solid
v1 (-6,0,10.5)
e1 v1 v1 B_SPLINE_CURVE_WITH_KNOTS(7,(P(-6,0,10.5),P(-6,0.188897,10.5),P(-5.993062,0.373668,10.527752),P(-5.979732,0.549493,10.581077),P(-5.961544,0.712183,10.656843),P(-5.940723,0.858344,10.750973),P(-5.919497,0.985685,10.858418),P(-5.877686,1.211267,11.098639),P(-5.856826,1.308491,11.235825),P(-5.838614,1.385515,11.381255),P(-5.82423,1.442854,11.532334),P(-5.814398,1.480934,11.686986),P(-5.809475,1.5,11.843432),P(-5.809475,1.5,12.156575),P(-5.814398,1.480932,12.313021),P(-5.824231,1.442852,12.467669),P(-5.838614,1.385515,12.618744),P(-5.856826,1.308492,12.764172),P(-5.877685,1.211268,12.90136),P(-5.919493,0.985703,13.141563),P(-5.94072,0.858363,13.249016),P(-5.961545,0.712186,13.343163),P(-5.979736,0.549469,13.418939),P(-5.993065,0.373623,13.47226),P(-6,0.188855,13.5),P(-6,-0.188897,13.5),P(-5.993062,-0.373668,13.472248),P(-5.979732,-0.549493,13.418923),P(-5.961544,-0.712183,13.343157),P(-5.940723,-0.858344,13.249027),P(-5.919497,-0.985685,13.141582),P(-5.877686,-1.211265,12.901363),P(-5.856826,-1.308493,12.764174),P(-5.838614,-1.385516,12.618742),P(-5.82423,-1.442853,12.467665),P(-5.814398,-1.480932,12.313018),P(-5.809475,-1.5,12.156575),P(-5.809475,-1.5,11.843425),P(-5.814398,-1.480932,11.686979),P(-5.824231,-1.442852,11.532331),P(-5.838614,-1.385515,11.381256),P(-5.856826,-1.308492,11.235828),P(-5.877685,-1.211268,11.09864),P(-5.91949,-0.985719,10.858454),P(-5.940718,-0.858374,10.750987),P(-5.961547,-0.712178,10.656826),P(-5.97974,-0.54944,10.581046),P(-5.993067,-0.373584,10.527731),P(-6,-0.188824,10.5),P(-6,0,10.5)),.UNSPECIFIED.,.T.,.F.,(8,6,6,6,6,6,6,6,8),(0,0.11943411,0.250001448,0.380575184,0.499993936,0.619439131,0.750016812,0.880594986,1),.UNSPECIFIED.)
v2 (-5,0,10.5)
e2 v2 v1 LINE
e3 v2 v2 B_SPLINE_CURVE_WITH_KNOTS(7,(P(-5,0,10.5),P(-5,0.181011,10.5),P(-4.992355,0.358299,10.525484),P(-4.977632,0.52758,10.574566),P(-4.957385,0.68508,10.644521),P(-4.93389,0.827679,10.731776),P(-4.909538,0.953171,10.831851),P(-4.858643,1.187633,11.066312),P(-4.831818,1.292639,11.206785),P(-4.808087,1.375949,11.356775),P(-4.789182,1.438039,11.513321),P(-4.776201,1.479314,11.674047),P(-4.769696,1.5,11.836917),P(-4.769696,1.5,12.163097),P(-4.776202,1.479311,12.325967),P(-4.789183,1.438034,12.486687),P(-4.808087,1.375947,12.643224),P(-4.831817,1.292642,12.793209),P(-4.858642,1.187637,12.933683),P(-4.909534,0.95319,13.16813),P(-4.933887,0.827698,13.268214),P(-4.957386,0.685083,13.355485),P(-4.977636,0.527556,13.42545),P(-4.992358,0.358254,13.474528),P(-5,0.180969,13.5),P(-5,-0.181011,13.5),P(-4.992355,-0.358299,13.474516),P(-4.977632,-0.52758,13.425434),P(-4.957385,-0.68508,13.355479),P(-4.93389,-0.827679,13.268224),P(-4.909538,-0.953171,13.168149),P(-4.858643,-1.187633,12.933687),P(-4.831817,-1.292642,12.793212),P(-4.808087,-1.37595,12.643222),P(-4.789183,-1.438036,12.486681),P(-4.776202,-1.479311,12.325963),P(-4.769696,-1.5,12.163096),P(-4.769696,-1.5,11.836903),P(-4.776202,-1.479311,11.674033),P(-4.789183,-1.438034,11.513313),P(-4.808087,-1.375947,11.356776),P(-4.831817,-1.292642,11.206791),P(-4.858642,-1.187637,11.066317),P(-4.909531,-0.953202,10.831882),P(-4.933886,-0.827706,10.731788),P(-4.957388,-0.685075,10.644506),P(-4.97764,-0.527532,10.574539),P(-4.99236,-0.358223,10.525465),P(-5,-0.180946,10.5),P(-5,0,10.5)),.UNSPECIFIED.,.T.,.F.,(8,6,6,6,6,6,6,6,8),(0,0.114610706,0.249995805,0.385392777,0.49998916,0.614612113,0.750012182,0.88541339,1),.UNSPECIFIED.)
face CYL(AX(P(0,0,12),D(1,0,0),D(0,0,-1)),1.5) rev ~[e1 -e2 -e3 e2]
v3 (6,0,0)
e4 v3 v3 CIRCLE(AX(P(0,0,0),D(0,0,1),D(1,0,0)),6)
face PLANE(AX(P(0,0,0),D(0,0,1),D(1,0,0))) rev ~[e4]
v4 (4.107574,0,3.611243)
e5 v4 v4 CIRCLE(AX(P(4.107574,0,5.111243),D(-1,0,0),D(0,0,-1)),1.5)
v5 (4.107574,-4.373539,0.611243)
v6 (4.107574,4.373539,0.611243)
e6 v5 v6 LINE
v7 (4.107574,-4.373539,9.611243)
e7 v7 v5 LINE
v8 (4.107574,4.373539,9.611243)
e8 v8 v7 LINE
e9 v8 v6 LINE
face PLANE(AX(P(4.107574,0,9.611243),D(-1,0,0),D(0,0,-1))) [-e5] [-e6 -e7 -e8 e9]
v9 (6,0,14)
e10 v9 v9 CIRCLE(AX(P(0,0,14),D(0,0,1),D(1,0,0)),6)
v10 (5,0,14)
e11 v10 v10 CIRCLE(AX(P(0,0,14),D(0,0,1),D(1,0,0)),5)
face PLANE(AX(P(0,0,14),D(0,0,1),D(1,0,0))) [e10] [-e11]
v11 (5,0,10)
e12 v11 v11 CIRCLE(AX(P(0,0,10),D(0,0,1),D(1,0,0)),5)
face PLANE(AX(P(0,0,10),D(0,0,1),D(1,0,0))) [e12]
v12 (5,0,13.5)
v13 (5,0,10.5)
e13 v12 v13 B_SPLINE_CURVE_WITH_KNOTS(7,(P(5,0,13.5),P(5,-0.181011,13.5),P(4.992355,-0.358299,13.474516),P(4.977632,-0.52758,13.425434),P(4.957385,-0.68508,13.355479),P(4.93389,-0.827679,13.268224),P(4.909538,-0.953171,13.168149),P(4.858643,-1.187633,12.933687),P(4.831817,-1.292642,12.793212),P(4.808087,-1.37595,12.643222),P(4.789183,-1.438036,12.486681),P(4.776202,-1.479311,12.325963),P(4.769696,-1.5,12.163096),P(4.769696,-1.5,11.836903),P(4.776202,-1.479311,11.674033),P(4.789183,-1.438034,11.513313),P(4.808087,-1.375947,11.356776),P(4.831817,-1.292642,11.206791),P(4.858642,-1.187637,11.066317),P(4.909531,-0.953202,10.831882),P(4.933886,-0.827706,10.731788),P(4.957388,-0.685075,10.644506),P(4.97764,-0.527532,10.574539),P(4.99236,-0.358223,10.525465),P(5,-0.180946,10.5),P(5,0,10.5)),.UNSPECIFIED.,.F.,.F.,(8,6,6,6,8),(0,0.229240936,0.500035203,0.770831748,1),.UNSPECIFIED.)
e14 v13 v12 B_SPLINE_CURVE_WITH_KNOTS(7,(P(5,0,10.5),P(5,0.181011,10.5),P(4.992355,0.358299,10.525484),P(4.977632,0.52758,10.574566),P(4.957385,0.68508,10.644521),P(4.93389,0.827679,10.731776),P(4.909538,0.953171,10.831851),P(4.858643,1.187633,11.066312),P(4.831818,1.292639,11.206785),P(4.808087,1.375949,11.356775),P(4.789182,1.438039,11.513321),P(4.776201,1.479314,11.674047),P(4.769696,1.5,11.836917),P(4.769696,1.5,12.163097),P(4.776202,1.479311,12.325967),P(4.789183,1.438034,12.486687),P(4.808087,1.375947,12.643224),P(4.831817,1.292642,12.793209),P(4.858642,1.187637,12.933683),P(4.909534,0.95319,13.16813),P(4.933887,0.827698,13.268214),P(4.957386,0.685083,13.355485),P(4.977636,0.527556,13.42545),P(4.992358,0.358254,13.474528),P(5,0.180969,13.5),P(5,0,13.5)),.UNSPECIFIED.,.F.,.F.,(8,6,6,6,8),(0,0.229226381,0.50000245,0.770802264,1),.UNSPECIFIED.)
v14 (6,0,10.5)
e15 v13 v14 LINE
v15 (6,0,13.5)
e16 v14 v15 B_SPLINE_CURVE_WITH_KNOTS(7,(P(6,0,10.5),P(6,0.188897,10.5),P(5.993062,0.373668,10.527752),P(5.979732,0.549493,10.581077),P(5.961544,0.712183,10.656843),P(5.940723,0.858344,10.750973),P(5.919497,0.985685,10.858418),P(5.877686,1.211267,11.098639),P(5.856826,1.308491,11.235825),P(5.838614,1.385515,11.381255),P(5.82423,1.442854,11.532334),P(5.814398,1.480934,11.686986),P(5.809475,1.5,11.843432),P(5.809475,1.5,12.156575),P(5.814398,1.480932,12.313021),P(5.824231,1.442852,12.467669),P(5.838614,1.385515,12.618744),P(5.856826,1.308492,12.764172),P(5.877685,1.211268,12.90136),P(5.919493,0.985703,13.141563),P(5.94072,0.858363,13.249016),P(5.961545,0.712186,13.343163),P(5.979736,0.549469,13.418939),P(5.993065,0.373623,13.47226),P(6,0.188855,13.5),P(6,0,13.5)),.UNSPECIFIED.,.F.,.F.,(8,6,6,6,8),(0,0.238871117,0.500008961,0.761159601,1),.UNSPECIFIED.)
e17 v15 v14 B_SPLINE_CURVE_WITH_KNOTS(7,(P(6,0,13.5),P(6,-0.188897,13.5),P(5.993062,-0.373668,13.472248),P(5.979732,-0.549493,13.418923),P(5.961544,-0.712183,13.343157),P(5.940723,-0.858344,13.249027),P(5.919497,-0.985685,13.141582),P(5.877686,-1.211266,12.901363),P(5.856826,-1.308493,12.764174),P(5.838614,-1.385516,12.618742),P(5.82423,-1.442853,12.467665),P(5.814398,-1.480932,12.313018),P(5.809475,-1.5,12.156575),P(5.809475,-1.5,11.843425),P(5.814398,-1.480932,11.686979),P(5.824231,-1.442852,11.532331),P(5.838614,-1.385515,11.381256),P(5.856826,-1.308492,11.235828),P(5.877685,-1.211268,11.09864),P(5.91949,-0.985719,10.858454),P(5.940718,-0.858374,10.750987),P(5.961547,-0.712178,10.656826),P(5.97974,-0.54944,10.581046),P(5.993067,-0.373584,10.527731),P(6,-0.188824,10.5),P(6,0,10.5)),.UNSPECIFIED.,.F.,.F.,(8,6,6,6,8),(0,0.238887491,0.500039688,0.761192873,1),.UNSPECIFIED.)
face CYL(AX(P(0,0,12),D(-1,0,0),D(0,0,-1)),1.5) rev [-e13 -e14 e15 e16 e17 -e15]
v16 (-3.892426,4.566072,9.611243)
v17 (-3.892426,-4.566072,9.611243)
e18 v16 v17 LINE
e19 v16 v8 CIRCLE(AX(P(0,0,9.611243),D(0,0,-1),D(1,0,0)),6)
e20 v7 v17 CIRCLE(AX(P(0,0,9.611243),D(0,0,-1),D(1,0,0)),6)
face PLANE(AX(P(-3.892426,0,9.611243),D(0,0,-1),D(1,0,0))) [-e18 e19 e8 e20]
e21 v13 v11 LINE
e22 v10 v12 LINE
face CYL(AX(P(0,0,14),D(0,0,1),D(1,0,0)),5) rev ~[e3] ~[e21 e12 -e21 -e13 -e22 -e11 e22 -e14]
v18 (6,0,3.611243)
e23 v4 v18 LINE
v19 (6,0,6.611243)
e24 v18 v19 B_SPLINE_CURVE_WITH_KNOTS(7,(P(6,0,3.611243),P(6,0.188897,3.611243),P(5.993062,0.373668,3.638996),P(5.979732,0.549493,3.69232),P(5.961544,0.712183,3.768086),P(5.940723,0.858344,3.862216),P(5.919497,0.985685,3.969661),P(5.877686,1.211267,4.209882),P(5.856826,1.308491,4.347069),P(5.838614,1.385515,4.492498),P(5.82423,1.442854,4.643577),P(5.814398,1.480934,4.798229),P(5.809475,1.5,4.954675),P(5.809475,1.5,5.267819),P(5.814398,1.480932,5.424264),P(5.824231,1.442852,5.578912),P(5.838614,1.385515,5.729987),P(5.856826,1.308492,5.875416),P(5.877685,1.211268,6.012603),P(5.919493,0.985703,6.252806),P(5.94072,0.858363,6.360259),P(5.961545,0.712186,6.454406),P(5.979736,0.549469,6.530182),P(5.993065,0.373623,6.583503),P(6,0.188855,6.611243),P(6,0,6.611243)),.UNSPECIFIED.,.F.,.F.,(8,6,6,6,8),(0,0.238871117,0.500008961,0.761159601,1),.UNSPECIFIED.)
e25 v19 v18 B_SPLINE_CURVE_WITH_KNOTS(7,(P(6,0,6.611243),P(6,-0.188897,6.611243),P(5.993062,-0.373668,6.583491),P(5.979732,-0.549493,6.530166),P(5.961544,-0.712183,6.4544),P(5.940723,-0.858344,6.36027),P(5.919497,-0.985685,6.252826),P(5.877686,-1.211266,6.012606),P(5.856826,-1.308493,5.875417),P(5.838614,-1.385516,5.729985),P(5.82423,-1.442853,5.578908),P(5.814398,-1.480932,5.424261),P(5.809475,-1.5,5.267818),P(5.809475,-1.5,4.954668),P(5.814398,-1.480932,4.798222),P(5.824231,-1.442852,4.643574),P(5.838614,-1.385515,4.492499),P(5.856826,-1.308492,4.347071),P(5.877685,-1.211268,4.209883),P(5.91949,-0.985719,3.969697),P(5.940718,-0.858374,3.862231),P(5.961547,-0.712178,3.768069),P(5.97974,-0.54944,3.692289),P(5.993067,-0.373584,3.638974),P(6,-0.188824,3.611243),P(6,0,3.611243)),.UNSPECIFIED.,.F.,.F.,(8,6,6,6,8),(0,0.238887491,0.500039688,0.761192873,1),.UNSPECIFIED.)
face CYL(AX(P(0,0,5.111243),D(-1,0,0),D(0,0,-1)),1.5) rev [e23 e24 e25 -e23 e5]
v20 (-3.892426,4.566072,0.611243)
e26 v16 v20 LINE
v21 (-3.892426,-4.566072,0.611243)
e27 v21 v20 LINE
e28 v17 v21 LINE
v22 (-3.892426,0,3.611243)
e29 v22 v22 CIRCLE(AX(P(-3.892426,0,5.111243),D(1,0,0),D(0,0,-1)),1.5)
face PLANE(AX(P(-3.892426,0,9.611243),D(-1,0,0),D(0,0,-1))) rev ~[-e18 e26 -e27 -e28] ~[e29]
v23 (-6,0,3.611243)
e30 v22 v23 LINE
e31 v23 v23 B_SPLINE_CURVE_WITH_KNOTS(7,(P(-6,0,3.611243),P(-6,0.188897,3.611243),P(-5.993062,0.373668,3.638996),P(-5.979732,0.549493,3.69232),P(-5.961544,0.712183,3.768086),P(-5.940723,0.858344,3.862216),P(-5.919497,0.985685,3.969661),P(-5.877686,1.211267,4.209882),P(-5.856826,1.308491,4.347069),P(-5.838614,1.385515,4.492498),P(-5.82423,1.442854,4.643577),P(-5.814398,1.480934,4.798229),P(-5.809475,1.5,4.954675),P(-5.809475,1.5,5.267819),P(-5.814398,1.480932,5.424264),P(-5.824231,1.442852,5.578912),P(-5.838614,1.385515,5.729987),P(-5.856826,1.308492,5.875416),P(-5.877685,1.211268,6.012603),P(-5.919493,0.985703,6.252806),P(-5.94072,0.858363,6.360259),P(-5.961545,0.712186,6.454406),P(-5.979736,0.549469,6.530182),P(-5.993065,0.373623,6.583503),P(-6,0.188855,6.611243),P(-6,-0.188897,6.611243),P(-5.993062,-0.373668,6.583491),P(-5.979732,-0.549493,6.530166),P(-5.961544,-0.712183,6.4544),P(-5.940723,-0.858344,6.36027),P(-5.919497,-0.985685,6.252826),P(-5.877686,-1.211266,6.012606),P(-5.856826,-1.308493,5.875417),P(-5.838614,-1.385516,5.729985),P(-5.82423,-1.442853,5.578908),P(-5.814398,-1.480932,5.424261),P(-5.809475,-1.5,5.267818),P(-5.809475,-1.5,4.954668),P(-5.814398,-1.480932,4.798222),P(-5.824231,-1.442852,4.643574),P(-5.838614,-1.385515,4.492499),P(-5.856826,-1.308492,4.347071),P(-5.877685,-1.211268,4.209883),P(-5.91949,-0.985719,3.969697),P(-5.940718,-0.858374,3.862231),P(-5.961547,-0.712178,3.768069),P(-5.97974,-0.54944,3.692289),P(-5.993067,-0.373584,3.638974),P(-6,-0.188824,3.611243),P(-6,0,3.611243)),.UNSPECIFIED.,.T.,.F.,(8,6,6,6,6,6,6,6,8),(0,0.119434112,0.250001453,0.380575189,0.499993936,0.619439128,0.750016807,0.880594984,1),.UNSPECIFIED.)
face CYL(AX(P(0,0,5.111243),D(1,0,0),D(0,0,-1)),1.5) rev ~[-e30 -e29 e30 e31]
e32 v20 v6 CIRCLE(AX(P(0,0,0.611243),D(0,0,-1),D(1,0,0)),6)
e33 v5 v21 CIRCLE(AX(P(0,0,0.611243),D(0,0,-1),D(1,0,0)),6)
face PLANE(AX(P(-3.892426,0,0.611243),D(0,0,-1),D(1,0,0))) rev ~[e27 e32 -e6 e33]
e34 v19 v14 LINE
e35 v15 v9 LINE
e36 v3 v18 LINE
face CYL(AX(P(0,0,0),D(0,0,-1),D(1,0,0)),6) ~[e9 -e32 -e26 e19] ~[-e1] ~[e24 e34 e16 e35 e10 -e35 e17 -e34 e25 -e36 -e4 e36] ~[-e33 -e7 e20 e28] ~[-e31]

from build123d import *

# Parameters (mm, degrees)
SKETCH2_R               = 6
BOSS_EXTRUDE1_DEPTH     = 14
SKETCH3_R               = 5
CUT_EXTRUDE1_DEPTH      = 4
SKETCH4_R               = 1.5
CUT_EXTRUDE2_DEPTH      = 7
CUT_EXTRUDE2_DEPTH_BACK = 7
SKETCH7_W               = 8
SKETCH7_H               = 9
CUT_EXTRUDE5_DEPTH      = 7.0000001
CUT_EXTRUDE5_DEPTH_BACK = 7.0000001
SKETCH8_R               = 1.5
CUT_EXTRUDE6_DEPTH      = 7.0000001
CUT_EXTRUDE6_DEPTH_BACK = 7.0000001


with BuildPart() as part:
    # Sketch2 → Boss-Extrude1 (new body)
    with BuildSketch(Plane.XY):
        Circle(SKETCH2_R)
    extrude(amount=BOSS_EXTRUDE1_DEPTH)

    # Sketch3 → Cut-Extrude1 (cut)
    with BuildSketch(Plane.XY.offset(14)):
        Circle(SKETCH3_R)
    extrude(amount=-CUT_EXTRUDE1_DEPTH, mode=Mode.SUBTRACT)

    # Sketch4 → Cut-Extrude2 (cut, two sides)
    with BuildSketch(Plane(origin=(0, 0, 0), x_dir=(0, 0, -1), z_dir=(1, 0, 0))) as cut_extrude2_sk:
        with Locations((-12, 0)):
            Circle(SKETCH4_R)
    extrude(amount=CUT_EXTRUDE2_DEPTH, mode=Mode.SUBTRACT)
    extrude(cut_extrude2_sk.sketch, amount=-CUT_EXTRUDE2_DEPTH_BACK, mode=Mode.SUBTRACT)

    # Sketch7 → Cut-Extrude5 (cut, two sides)
    with BuildSketch(Plane(origin=(0, 0, 0), x_dir=(1, 0, 0), z_dir=(0, 1, 0))) as cut_extrude5_sk:
        with Locations((0.10757358, -5.111243205)):
            Rectangle(SKETCH7_W, SKETCH7_H)
    extrude(amount=CUT_EXTRUDE5_DEPTH, mode=Mode.SUBTRACT)
    extrude(cut_extrude5_sk.sketch, amount=-CUT_EXTRUDE5_DEPTH_BACK, mode=Mode.SUBTRACT)

    # Sketch8 → Cut-Extrude6 (cut, two sides)
    with BuildSketch(Plane(origin=(0, 0, 0), x_dir=(0, 0, -1), z_dir=(1, 0, 0))) as cut_extrude6_sk:
        with Locations((-5.111243205, 0)):
            Circle(SKETCH8_R)
    extrude(amount=CUT_EXTRUDE6_DEPTH, mode=Mode.SUBTRACT)
    extrude(cut_extrude6_sk.sketch, amount=-CUT_EXTRUDE6_DEPTH_BACK, mode=Mode.SUBTRACT)


solid = part.part
